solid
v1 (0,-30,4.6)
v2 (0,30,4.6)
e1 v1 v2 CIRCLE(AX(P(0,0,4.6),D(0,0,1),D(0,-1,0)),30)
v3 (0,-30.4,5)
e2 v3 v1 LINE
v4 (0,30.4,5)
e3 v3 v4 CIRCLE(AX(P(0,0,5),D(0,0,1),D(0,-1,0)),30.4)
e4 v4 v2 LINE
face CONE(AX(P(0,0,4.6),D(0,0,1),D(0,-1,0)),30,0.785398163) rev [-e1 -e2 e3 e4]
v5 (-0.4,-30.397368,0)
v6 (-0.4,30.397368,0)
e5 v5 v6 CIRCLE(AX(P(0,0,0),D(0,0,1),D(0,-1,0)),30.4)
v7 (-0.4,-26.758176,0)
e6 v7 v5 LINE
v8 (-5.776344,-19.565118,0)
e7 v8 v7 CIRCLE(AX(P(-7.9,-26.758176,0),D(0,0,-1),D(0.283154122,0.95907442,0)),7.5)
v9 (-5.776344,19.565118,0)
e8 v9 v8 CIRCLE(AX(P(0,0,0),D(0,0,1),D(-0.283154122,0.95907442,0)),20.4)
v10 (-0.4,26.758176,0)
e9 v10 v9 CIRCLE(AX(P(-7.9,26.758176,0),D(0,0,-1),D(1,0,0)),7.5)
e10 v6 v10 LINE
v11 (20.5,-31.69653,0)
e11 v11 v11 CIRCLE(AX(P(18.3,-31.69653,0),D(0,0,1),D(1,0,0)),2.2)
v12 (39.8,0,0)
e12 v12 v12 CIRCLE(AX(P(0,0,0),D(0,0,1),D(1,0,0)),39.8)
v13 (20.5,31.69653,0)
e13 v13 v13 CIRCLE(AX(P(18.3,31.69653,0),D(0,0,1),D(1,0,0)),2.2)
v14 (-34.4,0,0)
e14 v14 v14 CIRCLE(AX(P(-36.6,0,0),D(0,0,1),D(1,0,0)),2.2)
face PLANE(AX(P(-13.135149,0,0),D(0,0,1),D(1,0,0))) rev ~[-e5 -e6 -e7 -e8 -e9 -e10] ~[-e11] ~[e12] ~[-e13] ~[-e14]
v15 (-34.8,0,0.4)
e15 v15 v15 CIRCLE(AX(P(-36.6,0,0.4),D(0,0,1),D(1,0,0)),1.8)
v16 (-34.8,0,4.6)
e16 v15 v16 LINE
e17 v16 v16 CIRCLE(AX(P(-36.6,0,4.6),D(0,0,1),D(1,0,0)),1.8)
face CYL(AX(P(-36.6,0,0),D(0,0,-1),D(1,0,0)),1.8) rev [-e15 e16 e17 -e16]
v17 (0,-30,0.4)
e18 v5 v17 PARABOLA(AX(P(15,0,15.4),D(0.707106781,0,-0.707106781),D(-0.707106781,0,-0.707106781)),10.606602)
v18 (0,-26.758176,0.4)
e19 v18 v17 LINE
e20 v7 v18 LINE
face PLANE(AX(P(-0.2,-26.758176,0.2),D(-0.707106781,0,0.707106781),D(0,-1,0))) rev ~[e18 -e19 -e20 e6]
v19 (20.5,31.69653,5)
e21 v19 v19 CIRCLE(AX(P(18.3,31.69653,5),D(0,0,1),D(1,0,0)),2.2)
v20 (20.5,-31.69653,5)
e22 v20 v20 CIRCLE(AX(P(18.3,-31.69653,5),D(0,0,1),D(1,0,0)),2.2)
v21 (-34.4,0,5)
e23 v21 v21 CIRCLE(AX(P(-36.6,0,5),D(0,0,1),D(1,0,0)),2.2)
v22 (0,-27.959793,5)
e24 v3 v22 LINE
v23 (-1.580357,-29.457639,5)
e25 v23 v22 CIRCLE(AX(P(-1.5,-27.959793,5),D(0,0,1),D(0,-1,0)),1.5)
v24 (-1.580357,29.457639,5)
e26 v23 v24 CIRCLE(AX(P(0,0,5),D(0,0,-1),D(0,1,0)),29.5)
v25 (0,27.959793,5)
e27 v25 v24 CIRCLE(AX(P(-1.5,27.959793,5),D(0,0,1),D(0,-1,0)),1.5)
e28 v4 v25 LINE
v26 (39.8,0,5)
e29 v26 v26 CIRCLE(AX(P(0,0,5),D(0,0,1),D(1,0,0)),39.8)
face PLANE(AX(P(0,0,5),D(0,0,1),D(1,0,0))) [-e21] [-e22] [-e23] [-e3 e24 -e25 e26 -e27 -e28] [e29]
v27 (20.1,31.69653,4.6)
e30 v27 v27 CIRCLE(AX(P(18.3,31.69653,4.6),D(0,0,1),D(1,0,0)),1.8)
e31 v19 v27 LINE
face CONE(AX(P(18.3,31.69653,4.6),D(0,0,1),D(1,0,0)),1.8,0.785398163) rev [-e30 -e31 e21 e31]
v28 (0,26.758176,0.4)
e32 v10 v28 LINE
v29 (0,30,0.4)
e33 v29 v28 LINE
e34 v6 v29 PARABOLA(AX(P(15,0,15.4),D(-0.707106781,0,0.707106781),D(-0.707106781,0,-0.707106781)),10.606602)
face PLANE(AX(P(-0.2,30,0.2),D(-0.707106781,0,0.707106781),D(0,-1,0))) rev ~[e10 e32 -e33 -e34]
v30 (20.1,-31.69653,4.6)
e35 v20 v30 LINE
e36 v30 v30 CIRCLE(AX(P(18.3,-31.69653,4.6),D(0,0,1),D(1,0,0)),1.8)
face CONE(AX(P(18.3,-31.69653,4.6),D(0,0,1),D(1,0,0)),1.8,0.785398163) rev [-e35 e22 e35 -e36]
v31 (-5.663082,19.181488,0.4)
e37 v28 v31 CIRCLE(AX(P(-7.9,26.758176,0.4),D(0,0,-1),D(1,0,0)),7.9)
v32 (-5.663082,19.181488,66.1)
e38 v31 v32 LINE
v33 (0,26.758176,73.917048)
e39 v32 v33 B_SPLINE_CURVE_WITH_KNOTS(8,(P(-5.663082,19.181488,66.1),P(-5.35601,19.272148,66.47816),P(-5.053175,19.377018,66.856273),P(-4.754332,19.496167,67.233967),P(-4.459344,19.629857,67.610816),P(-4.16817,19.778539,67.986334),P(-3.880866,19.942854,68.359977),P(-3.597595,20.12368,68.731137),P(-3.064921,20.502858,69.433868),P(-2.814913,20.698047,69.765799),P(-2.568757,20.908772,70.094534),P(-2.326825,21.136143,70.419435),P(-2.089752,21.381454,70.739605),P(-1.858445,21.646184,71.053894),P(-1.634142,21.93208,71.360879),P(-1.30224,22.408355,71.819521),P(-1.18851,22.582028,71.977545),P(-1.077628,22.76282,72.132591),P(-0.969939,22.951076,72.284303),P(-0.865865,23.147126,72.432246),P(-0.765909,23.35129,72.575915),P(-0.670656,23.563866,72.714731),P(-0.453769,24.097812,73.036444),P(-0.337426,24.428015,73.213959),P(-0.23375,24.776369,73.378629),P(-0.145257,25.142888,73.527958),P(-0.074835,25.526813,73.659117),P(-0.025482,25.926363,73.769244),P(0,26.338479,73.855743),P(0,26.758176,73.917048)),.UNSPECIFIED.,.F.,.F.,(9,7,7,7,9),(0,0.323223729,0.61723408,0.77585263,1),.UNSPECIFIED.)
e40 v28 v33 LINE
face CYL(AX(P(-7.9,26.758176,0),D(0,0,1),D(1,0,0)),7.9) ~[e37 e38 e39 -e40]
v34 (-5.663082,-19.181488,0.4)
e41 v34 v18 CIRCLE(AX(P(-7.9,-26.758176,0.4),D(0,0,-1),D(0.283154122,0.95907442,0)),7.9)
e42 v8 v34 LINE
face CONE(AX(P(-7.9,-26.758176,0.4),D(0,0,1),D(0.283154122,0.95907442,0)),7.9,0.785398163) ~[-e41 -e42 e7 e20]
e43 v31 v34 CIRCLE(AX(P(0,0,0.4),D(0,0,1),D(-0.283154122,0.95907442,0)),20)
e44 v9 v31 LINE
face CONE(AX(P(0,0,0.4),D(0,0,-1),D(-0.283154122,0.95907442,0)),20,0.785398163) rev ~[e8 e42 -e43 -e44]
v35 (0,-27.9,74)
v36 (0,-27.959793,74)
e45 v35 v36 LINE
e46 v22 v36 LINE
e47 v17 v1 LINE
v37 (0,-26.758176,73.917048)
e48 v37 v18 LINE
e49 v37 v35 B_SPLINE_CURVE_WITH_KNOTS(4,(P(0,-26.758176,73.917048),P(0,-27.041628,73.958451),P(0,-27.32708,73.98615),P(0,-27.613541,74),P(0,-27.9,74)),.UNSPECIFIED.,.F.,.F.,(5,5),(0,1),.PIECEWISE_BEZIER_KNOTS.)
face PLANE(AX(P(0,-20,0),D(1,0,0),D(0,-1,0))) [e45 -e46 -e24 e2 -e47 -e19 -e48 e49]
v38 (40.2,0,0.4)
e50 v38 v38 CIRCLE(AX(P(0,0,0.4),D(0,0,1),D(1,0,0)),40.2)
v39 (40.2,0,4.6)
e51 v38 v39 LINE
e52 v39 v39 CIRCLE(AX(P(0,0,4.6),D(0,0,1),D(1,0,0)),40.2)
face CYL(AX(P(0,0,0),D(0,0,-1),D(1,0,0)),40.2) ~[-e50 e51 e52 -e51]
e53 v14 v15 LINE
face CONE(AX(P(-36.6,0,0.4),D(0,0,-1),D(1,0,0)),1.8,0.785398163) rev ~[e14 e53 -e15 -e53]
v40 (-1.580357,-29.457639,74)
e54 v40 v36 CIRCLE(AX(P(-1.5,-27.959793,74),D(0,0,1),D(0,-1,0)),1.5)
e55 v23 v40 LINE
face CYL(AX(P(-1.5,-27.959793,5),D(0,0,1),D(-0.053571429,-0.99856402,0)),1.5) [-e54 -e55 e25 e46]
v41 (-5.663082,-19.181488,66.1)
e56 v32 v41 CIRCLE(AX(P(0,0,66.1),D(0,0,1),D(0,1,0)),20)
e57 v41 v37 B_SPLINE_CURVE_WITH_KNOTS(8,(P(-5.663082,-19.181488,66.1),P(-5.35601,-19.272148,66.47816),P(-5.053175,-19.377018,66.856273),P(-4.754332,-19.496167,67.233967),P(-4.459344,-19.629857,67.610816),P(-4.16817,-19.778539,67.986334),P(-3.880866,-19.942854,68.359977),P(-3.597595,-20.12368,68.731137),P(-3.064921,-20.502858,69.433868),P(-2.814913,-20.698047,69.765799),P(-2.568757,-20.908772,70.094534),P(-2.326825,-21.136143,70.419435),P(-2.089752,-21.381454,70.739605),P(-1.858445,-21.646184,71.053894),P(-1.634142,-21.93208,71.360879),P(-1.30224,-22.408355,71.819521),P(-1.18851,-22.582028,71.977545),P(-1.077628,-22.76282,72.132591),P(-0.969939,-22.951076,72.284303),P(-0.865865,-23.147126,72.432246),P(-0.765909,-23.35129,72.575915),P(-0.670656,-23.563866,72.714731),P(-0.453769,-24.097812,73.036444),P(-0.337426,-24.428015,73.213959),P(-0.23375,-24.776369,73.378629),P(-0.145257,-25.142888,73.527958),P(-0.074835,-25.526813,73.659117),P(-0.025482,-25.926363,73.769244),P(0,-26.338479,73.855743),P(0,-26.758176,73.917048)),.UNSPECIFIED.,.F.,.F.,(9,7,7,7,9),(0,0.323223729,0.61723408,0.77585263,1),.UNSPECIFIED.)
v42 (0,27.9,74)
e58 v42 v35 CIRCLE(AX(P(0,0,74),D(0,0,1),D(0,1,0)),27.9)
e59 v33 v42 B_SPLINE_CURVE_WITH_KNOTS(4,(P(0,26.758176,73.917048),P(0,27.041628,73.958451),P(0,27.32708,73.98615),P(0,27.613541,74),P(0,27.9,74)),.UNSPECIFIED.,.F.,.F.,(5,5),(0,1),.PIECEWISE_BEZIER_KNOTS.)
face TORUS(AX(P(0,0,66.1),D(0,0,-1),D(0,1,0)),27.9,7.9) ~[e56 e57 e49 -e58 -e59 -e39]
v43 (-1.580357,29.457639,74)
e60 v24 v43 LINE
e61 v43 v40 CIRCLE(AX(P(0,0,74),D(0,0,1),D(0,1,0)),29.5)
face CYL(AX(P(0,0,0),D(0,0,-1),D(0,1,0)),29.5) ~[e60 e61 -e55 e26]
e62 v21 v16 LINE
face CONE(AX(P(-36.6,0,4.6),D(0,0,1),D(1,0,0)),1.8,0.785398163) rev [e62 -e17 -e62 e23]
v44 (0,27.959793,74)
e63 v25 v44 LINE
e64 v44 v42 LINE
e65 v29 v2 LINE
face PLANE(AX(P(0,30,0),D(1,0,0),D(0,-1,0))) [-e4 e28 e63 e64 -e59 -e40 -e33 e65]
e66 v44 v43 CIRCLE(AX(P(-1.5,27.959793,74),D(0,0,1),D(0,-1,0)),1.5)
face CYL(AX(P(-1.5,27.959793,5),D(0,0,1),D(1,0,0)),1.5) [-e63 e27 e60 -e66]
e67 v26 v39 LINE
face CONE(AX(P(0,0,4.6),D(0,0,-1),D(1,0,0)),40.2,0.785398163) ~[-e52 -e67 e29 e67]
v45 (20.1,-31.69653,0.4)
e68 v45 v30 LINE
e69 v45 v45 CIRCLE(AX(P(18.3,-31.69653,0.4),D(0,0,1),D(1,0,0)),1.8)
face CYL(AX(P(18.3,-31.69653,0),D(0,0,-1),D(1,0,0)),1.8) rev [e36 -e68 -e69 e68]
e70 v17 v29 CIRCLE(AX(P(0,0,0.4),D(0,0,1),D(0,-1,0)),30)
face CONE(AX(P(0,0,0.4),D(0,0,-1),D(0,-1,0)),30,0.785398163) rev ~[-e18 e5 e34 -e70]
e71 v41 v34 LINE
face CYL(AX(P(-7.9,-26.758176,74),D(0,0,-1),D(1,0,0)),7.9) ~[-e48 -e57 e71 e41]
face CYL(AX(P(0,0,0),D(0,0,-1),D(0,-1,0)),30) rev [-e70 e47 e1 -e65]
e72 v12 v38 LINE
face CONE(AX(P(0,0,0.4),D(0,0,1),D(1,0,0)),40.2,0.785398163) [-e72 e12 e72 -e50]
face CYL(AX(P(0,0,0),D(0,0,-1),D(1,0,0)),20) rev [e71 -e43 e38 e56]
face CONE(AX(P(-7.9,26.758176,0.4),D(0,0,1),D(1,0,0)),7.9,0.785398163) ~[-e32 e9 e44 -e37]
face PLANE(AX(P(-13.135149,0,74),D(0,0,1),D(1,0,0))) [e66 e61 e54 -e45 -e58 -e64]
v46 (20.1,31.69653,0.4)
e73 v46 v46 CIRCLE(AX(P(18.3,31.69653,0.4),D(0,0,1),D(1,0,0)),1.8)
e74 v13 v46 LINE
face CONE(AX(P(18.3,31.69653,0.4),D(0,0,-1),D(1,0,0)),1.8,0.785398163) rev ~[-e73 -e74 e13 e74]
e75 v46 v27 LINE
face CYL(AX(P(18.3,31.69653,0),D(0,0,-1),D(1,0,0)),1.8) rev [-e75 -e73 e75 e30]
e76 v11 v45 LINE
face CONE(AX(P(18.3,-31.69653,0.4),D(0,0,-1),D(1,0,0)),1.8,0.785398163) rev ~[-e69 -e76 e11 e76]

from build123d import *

# Parameters (mm, degrees)
SKETCH_R     = 40.2
SKETCH_R_2   = 20
PAD_DEPTH    = 5
PAD001_DEPTH = 74
POCKET_DEPTH = 5
FILLET_R     = 1.5
FILLET001_R  = 7.9
SKETCH003_R  = 1.8
HOLE_DEPTH   = 5
CHAMFER_SIZE = 0.4


with BuildPart() as part:
    # Sketch → Pad (new body)
    with BuildSketch(Plane.XY):
        Circle(SKETCH_R)
        Circle(SKETCH_R_2, mode=Mode.SUBTRACT)
    extrude(amount=PAD_DEPTH)

    # Sketch001 → Pad001 (join)
    with BuildSketch(Plane.XY):
        with BuildLine():
            ThreePointArc((0, 29.5), (-29.5, 0), (0, -29.5))
            Line((0, -20), (0, -29.5))
            ThreePointArc((0, 20), (-20, 0), (0, -20))
            Line((0, 29.5), (0, 20))
        make_face()
    extrude(amount=PAD001_DEPTH)

    # Sketch002 → Pocket (cut)
    with BuildSketch(Plane.XY):
        with BuildLine():
            ThreePointArc((0, -30), (30, 0), (0, 30))
            Line((0, 30), (0, 20))
            ThreePointArc((0, -20), (20, 0), (0, 20))
            Line((0, -20), (0, -30))
        make_face()
    extrude(amount=POCKET_DEPTH, mode=Mode.SUBTRACT)

    # Fillet
    fillet_edges = [part.edges().sort_by_distance(p)[0] for p in [
        (0, -29.5, 39.5),
        (0, 29.5, 39.5),
    ]]
    fillet(fillet_edges, radius=FILLET_R)

    # Fillet001
    fillet001_edges = [part.edges().sort_by_distance(p)[0] for p in [
        (-20, 0, 74),
        (0, -20, 39.5),
        (0, 20, 39.5),
    ]]
    fillet(fillet001_edges, radius=FILLET001_R)

    # Sketch003 → Hole (cut)
    with BuildSketch(Plane.XY):
        with Locations((-36.6, 0)):
            Circle(SKETCH003_R)
        with Locations((18.3, 31.69653)):
            Circle(SKETCH003_R)
        with Locations((18.3, -31.69653)):
            Circle(SKETCH003_R)
    extrude(amount=HOLE_DEPTH, mode=Mode.SUBTRACT)

    # Chamfer
    chamfer_edges = [part.edges().sort_by_distance(p)[0] for p in [
        (-40.2, 0, 5),
        (20.1, -31.69653, 5),
        (20.1, 31.69653, 5),
        (30, 0, 5),
        (-40.2, 0, 0),
        (30, 0, 0),
        (20.1, -31.69653, 0),
        (20.1, 31.69653, 0),
        (-34.8, 0, 0),
        (0, -29.75, 0),
        (0, -28.129088, 0),
        (-1.572218, -22.02857, 0),
        (-20, 0, 0),
        (-1.572218, 22.02857, 0),
        (0, 29.75, 0),
        (0, 28.129088, 0),
        (-34.8, 0, 5),
    ]]
    chamfer(chamfer_edges, length=CHAMFER_SIZE)


solid = part.part
